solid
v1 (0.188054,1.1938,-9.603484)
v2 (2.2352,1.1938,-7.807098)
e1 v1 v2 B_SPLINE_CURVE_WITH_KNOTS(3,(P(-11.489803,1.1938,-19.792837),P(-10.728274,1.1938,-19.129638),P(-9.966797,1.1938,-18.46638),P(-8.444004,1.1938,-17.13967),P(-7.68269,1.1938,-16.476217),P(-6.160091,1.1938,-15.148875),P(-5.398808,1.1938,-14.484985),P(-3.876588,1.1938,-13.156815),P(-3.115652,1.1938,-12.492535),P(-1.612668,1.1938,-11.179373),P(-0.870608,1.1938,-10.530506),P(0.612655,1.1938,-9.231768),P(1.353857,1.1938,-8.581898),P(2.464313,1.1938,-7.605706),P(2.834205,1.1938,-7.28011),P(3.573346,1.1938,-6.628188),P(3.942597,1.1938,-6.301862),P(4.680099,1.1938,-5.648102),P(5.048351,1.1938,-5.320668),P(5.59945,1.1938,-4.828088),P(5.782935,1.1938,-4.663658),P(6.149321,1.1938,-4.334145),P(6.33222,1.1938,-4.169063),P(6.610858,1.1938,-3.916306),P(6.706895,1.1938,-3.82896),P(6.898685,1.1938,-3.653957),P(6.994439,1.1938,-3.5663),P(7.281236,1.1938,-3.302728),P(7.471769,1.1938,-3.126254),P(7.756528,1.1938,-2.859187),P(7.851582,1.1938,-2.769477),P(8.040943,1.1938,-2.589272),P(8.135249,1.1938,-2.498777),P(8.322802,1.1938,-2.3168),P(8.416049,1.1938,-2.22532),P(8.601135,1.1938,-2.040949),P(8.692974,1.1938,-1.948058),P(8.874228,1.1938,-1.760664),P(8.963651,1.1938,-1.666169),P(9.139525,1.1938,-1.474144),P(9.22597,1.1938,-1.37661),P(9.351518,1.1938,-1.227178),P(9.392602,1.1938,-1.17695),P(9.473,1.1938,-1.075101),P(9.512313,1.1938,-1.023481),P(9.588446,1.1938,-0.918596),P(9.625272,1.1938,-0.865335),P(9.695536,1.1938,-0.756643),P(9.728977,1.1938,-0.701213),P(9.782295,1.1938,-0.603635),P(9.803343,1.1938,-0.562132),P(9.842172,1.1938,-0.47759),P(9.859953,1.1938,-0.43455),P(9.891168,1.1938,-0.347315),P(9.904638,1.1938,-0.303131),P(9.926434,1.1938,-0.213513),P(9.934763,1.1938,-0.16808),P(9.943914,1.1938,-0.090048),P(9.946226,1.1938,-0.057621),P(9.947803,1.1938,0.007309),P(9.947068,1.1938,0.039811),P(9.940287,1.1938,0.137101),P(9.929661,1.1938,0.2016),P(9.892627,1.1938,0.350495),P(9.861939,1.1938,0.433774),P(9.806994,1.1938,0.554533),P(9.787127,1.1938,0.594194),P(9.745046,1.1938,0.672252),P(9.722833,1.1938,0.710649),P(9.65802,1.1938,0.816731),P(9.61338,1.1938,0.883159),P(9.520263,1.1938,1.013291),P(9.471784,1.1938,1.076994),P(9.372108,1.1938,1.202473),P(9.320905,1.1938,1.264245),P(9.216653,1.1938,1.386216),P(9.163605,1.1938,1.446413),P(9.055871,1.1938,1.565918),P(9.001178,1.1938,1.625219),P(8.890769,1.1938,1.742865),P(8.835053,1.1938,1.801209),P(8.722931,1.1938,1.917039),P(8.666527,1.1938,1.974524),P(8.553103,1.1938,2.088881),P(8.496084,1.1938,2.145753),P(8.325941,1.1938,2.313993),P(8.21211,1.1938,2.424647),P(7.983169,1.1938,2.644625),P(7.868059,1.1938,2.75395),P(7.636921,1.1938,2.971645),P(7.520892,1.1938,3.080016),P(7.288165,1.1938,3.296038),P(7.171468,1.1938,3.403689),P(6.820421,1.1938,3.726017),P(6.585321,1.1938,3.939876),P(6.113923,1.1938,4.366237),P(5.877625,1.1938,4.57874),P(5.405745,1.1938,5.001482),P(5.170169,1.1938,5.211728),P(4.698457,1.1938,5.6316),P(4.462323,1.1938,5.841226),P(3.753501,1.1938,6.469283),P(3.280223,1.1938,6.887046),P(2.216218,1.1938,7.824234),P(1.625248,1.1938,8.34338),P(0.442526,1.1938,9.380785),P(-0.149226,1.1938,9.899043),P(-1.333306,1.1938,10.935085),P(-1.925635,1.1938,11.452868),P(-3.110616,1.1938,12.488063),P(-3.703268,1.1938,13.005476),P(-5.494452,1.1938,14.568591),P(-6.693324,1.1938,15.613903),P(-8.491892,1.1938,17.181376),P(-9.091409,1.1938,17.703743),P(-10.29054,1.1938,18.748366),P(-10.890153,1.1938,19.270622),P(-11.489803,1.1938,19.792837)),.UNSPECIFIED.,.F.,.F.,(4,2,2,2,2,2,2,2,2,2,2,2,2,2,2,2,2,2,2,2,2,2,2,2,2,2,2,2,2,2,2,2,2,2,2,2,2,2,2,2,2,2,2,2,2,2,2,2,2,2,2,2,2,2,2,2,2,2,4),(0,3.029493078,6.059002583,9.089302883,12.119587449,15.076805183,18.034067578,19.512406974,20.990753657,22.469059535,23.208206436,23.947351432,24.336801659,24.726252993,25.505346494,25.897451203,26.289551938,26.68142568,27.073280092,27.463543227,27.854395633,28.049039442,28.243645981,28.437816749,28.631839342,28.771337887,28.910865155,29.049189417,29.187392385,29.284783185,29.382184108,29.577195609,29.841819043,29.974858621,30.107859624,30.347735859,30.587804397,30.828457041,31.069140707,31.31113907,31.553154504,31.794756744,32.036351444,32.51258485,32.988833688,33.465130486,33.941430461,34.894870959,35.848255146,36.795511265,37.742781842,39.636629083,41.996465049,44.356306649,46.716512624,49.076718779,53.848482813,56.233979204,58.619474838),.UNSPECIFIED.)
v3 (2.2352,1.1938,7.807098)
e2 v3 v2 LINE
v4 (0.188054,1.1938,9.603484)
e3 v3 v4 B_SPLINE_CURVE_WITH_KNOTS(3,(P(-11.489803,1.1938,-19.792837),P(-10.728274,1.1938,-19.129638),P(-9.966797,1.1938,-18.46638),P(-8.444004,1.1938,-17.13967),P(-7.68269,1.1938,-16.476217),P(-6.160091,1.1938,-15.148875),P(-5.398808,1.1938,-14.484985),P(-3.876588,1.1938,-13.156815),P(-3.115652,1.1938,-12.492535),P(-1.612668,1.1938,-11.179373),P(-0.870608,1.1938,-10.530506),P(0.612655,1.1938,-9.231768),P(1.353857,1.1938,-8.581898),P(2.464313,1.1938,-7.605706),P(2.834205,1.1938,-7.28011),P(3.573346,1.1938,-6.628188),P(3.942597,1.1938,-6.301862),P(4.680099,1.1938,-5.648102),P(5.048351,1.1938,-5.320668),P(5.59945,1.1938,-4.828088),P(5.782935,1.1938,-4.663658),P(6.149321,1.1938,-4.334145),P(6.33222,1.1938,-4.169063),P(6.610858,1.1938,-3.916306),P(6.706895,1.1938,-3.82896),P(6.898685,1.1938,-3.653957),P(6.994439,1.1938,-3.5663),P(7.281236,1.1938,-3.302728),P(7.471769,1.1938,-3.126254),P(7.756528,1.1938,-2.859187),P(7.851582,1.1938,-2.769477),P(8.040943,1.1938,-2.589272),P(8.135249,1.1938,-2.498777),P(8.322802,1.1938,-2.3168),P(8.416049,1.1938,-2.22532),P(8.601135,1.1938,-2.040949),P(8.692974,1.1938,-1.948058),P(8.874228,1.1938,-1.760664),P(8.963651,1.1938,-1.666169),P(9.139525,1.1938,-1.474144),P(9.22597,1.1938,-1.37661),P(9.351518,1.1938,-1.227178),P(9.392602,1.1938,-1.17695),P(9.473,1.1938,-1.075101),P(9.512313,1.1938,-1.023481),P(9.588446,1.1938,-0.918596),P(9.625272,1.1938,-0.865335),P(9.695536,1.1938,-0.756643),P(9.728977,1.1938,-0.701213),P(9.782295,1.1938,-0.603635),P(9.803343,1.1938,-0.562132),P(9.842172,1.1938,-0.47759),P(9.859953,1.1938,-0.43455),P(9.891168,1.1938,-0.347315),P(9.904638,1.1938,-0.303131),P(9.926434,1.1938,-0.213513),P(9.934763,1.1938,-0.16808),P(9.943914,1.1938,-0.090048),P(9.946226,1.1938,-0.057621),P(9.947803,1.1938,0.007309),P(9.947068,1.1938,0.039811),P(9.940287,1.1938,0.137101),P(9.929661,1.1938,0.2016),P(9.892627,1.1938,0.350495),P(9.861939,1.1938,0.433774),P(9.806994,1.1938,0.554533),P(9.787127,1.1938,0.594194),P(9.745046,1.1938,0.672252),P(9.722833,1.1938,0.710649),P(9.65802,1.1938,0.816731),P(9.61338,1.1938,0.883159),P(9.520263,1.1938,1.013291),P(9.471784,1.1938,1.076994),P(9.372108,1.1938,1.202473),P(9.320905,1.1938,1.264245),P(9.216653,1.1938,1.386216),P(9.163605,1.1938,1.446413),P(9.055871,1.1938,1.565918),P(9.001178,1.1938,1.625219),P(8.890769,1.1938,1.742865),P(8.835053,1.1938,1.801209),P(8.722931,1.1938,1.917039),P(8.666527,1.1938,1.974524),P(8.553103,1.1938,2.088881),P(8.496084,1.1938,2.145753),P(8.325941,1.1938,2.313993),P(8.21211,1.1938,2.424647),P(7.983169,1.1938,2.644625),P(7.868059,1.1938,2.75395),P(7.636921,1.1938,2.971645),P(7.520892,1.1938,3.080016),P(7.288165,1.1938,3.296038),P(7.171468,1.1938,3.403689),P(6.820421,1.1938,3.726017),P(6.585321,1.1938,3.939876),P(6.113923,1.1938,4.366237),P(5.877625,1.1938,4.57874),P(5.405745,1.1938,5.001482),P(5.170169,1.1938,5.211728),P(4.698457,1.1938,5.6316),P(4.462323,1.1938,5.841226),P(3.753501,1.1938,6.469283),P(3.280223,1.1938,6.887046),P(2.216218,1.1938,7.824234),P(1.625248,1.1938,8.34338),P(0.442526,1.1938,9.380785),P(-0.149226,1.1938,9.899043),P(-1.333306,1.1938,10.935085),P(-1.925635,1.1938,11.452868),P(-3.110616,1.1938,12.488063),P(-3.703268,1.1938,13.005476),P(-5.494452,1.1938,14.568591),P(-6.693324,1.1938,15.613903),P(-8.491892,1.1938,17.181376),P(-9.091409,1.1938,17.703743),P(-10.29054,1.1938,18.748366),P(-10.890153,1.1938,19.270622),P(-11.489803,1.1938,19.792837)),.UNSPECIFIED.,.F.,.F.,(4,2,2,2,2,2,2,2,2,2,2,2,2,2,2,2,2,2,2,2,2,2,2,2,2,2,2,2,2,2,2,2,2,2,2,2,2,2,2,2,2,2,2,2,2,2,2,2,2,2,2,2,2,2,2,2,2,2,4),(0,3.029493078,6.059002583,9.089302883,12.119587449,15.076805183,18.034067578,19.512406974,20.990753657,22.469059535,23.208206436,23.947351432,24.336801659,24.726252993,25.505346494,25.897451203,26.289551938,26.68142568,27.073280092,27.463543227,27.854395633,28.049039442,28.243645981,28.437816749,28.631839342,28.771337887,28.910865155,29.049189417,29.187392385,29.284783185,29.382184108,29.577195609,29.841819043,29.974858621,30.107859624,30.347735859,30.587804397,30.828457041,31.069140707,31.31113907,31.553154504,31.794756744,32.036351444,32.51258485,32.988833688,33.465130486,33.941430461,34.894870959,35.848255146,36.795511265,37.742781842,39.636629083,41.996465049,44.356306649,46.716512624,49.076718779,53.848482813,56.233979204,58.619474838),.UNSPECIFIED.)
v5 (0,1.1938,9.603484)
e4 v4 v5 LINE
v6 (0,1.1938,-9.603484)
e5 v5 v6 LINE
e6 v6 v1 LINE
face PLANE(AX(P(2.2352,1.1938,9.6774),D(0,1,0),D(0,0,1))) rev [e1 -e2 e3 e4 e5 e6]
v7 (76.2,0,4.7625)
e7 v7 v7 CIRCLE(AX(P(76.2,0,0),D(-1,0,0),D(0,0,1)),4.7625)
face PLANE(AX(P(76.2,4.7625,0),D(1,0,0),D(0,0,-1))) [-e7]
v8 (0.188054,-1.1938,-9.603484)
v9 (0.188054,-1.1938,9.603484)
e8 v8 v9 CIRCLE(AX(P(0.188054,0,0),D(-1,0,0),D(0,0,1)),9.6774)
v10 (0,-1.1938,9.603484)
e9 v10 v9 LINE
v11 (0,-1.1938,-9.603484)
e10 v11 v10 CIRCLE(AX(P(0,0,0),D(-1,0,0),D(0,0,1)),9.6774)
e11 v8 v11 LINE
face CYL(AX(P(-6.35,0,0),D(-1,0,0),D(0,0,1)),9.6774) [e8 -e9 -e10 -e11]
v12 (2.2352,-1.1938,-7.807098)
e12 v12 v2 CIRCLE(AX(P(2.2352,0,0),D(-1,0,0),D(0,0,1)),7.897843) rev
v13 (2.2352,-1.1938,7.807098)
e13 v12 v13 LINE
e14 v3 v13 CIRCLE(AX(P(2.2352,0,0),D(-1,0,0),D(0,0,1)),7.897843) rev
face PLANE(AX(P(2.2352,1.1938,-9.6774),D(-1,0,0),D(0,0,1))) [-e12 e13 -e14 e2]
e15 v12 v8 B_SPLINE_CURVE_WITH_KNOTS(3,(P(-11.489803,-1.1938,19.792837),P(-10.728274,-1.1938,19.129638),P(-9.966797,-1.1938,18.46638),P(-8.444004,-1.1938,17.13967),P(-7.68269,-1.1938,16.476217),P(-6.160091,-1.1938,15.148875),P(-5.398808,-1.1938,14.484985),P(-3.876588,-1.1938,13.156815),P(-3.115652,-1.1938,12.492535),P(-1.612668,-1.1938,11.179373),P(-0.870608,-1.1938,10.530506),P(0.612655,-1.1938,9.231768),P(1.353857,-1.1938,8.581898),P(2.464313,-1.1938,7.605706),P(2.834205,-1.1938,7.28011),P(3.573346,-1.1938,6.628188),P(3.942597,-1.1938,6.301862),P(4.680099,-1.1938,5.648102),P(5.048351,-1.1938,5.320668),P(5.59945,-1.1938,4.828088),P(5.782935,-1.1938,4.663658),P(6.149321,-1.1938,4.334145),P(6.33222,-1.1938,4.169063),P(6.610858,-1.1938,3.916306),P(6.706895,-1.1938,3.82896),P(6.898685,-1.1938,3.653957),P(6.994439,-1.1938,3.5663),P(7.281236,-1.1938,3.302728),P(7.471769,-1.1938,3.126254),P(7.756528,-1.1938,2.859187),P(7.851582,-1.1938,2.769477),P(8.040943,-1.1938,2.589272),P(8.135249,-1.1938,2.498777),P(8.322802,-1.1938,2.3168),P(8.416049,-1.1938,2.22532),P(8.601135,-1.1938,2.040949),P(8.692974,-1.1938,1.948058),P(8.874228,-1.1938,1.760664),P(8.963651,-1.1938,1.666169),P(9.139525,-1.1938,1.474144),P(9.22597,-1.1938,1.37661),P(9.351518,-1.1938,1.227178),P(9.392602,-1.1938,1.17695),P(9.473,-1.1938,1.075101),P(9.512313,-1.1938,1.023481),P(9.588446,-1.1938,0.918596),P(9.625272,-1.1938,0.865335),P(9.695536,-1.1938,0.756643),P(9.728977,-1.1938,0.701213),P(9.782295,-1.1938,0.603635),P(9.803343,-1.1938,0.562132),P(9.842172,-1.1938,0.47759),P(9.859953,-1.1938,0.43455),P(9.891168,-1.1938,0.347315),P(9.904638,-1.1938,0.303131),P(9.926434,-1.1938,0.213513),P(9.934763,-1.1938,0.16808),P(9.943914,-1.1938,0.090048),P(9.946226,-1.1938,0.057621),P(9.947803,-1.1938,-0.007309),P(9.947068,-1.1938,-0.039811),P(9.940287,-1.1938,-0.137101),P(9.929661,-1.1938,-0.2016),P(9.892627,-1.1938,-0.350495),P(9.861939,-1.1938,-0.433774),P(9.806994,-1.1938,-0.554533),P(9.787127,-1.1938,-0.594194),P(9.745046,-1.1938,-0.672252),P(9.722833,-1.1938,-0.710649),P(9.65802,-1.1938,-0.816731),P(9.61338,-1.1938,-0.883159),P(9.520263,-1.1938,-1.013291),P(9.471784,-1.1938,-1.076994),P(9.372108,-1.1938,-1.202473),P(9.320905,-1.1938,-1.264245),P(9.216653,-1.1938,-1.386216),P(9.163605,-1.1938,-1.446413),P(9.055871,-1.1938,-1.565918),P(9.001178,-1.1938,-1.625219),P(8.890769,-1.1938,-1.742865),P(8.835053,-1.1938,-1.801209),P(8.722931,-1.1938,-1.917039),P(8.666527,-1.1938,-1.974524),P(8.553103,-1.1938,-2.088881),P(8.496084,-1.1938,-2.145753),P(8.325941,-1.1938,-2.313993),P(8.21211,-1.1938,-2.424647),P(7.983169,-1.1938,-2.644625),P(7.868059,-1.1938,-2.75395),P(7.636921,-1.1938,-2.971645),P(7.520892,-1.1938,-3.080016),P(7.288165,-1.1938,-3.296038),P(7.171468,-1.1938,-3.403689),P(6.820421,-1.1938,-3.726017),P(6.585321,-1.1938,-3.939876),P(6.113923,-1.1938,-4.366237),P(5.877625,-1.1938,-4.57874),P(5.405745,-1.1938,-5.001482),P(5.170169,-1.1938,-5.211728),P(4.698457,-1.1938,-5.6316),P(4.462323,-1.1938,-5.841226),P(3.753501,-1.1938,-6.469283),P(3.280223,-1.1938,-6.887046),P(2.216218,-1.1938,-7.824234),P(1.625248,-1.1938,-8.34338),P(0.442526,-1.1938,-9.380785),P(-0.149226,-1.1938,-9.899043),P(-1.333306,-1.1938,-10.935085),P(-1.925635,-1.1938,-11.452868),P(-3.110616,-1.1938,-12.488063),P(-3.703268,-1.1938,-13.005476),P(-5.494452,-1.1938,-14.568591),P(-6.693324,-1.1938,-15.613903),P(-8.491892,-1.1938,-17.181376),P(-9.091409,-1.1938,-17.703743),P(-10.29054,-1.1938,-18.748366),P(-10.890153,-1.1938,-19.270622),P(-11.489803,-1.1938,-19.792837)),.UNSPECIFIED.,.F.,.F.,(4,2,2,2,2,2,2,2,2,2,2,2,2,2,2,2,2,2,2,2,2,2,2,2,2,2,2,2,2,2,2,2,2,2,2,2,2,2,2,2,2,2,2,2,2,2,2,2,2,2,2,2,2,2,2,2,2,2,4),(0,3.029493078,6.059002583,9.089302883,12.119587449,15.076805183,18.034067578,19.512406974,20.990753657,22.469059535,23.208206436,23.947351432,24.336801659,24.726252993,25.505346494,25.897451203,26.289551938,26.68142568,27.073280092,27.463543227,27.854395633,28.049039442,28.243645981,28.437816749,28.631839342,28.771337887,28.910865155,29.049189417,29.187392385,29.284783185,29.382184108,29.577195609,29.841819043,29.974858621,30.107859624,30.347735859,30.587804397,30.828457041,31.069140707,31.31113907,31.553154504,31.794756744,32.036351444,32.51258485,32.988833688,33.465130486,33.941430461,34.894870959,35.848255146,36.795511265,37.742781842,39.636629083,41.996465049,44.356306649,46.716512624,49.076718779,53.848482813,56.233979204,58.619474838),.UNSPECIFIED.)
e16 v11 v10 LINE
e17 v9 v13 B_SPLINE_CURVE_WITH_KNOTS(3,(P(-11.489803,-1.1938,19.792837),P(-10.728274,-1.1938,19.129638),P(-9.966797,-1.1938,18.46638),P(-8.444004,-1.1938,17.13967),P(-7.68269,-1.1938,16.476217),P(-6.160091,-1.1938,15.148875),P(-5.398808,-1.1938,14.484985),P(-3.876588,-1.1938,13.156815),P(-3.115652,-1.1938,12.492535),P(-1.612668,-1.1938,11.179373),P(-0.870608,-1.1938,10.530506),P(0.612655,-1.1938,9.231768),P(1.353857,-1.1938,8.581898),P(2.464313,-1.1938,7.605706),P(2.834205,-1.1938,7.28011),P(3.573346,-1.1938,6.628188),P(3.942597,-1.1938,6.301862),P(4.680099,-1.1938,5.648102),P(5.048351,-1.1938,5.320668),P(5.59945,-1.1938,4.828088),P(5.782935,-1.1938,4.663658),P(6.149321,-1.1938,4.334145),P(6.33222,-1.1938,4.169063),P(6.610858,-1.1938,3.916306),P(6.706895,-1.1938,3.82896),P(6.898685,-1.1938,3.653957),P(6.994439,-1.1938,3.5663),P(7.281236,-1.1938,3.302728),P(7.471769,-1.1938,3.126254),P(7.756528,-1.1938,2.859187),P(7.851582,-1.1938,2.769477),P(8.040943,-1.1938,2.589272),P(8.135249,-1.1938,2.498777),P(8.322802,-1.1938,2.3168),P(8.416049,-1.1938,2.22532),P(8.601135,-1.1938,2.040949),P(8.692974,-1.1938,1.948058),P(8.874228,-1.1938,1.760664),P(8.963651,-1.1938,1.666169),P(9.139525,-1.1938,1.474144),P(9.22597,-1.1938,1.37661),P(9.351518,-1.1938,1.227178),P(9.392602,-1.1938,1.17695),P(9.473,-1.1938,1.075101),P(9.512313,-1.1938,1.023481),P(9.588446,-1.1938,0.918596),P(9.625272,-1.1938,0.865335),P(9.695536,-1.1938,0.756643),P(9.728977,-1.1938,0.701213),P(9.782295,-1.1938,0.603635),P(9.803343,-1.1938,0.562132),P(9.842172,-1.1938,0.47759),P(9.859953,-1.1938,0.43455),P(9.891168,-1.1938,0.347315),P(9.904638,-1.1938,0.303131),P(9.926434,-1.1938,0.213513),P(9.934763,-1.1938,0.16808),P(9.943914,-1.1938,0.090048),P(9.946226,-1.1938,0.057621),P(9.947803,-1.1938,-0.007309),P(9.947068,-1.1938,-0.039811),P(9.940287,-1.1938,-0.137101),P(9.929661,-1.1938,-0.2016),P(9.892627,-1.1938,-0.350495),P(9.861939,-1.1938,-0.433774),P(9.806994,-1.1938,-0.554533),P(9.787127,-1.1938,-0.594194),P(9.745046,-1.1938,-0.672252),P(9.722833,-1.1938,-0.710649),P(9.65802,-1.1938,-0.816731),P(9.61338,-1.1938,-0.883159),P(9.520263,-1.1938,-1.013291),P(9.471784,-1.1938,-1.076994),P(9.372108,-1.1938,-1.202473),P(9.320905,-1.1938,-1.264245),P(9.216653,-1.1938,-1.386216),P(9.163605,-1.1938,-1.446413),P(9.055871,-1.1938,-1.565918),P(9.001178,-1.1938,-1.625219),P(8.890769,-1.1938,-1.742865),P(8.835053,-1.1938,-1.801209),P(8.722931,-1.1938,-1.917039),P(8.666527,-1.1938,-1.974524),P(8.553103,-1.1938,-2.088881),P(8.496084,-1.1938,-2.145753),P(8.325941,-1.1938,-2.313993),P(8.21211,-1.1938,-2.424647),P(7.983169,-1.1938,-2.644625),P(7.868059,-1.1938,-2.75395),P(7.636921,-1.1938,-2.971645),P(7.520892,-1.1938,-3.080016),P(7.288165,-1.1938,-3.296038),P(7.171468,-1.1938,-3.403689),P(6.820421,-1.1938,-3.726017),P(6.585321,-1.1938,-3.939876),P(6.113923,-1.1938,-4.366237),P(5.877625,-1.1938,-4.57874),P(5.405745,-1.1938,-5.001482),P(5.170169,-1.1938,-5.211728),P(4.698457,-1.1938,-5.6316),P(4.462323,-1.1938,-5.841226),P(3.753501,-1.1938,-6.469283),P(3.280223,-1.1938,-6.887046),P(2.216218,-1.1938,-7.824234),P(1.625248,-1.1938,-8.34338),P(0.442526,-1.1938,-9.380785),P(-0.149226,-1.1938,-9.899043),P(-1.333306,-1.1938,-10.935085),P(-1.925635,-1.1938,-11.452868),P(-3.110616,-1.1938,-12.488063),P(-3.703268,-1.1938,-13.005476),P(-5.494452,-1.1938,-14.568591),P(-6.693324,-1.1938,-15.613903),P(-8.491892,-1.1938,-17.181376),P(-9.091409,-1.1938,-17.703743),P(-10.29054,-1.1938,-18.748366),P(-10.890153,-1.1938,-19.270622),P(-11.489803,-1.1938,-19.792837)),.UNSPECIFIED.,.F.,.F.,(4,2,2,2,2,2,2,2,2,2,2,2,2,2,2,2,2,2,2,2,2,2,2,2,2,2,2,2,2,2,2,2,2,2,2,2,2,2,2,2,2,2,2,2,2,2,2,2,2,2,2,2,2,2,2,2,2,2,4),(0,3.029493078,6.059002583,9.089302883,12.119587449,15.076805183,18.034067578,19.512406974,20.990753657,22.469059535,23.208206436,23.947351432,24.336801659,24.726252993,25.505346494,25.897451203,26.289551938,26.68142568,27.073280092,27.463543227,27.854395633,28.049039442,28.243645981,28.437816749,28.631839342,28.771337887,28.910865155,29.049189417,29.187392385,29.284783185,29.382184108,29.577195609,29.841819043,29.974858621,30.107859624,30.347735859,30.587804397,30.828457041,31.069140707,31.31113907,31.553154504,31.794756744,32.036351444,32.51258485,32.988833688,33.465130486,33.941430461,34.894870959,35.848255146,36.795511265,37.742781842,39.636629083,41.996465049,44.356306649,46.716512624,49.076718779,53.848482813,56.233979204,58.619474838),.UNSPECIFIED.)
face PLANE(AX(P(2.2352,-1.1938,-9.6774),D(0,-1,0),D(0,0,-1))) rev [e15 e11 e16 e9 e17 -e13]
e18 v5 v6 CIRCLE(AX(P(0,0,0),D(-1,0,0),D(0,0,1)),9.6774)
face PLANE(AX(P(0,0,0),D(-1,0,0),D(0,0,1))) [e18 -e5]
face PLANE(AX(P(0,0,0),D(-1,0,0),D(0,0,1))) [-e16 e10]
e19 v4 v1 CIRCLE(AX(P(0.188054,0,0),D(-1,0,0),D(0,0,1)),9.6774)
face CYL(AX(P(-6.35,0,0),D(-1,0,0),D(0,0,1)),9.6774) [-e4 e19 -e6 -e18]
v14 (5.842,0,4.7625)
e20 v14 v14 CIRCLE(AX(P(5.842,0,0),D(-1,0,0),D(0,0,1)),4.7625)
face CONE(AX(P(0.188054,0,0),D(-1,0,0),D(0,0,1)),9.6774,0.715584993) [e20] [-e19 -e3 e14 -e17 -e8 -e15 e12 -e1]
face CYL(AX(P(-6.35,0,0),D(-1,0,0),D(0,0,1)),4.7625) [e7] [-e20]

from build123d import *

# Parameters (mm, degrees)
SKETCH6_W  = 19.3548
SKETCH6_H  = 2.3876
SLOT_DEPTH = 2.2352


with BuildPart() as part:
    # BodySke → Base-Revolve (revolve)
    with BuildSketch(Plane.XY, mode=Mode.PRIVATE) as base_revolve_sk:
        Polygon((0, 0), (0, 9.6774), (0.188054315, 9.6774), (5.842, 4.7625), (76.2, 4.7625), (76.2, 0), align=None)
    revolve(base_revolve_sk.sketch.rotate(Axis((-6.35, 0, 0), (1, 0, 0)), 90), axis=Axis((-6.35, 0, 0), (1, 0, 0)))

    # Sketch6 → Slot (cut)
    with BuildSketch(Plane.ZY):
        Rectangle(SKETCH6_W, SKETCH6_H)
    extrude(amount=-SLOT_DEPTH, mode=Mode.SUBTRACT)


solid = part.part
